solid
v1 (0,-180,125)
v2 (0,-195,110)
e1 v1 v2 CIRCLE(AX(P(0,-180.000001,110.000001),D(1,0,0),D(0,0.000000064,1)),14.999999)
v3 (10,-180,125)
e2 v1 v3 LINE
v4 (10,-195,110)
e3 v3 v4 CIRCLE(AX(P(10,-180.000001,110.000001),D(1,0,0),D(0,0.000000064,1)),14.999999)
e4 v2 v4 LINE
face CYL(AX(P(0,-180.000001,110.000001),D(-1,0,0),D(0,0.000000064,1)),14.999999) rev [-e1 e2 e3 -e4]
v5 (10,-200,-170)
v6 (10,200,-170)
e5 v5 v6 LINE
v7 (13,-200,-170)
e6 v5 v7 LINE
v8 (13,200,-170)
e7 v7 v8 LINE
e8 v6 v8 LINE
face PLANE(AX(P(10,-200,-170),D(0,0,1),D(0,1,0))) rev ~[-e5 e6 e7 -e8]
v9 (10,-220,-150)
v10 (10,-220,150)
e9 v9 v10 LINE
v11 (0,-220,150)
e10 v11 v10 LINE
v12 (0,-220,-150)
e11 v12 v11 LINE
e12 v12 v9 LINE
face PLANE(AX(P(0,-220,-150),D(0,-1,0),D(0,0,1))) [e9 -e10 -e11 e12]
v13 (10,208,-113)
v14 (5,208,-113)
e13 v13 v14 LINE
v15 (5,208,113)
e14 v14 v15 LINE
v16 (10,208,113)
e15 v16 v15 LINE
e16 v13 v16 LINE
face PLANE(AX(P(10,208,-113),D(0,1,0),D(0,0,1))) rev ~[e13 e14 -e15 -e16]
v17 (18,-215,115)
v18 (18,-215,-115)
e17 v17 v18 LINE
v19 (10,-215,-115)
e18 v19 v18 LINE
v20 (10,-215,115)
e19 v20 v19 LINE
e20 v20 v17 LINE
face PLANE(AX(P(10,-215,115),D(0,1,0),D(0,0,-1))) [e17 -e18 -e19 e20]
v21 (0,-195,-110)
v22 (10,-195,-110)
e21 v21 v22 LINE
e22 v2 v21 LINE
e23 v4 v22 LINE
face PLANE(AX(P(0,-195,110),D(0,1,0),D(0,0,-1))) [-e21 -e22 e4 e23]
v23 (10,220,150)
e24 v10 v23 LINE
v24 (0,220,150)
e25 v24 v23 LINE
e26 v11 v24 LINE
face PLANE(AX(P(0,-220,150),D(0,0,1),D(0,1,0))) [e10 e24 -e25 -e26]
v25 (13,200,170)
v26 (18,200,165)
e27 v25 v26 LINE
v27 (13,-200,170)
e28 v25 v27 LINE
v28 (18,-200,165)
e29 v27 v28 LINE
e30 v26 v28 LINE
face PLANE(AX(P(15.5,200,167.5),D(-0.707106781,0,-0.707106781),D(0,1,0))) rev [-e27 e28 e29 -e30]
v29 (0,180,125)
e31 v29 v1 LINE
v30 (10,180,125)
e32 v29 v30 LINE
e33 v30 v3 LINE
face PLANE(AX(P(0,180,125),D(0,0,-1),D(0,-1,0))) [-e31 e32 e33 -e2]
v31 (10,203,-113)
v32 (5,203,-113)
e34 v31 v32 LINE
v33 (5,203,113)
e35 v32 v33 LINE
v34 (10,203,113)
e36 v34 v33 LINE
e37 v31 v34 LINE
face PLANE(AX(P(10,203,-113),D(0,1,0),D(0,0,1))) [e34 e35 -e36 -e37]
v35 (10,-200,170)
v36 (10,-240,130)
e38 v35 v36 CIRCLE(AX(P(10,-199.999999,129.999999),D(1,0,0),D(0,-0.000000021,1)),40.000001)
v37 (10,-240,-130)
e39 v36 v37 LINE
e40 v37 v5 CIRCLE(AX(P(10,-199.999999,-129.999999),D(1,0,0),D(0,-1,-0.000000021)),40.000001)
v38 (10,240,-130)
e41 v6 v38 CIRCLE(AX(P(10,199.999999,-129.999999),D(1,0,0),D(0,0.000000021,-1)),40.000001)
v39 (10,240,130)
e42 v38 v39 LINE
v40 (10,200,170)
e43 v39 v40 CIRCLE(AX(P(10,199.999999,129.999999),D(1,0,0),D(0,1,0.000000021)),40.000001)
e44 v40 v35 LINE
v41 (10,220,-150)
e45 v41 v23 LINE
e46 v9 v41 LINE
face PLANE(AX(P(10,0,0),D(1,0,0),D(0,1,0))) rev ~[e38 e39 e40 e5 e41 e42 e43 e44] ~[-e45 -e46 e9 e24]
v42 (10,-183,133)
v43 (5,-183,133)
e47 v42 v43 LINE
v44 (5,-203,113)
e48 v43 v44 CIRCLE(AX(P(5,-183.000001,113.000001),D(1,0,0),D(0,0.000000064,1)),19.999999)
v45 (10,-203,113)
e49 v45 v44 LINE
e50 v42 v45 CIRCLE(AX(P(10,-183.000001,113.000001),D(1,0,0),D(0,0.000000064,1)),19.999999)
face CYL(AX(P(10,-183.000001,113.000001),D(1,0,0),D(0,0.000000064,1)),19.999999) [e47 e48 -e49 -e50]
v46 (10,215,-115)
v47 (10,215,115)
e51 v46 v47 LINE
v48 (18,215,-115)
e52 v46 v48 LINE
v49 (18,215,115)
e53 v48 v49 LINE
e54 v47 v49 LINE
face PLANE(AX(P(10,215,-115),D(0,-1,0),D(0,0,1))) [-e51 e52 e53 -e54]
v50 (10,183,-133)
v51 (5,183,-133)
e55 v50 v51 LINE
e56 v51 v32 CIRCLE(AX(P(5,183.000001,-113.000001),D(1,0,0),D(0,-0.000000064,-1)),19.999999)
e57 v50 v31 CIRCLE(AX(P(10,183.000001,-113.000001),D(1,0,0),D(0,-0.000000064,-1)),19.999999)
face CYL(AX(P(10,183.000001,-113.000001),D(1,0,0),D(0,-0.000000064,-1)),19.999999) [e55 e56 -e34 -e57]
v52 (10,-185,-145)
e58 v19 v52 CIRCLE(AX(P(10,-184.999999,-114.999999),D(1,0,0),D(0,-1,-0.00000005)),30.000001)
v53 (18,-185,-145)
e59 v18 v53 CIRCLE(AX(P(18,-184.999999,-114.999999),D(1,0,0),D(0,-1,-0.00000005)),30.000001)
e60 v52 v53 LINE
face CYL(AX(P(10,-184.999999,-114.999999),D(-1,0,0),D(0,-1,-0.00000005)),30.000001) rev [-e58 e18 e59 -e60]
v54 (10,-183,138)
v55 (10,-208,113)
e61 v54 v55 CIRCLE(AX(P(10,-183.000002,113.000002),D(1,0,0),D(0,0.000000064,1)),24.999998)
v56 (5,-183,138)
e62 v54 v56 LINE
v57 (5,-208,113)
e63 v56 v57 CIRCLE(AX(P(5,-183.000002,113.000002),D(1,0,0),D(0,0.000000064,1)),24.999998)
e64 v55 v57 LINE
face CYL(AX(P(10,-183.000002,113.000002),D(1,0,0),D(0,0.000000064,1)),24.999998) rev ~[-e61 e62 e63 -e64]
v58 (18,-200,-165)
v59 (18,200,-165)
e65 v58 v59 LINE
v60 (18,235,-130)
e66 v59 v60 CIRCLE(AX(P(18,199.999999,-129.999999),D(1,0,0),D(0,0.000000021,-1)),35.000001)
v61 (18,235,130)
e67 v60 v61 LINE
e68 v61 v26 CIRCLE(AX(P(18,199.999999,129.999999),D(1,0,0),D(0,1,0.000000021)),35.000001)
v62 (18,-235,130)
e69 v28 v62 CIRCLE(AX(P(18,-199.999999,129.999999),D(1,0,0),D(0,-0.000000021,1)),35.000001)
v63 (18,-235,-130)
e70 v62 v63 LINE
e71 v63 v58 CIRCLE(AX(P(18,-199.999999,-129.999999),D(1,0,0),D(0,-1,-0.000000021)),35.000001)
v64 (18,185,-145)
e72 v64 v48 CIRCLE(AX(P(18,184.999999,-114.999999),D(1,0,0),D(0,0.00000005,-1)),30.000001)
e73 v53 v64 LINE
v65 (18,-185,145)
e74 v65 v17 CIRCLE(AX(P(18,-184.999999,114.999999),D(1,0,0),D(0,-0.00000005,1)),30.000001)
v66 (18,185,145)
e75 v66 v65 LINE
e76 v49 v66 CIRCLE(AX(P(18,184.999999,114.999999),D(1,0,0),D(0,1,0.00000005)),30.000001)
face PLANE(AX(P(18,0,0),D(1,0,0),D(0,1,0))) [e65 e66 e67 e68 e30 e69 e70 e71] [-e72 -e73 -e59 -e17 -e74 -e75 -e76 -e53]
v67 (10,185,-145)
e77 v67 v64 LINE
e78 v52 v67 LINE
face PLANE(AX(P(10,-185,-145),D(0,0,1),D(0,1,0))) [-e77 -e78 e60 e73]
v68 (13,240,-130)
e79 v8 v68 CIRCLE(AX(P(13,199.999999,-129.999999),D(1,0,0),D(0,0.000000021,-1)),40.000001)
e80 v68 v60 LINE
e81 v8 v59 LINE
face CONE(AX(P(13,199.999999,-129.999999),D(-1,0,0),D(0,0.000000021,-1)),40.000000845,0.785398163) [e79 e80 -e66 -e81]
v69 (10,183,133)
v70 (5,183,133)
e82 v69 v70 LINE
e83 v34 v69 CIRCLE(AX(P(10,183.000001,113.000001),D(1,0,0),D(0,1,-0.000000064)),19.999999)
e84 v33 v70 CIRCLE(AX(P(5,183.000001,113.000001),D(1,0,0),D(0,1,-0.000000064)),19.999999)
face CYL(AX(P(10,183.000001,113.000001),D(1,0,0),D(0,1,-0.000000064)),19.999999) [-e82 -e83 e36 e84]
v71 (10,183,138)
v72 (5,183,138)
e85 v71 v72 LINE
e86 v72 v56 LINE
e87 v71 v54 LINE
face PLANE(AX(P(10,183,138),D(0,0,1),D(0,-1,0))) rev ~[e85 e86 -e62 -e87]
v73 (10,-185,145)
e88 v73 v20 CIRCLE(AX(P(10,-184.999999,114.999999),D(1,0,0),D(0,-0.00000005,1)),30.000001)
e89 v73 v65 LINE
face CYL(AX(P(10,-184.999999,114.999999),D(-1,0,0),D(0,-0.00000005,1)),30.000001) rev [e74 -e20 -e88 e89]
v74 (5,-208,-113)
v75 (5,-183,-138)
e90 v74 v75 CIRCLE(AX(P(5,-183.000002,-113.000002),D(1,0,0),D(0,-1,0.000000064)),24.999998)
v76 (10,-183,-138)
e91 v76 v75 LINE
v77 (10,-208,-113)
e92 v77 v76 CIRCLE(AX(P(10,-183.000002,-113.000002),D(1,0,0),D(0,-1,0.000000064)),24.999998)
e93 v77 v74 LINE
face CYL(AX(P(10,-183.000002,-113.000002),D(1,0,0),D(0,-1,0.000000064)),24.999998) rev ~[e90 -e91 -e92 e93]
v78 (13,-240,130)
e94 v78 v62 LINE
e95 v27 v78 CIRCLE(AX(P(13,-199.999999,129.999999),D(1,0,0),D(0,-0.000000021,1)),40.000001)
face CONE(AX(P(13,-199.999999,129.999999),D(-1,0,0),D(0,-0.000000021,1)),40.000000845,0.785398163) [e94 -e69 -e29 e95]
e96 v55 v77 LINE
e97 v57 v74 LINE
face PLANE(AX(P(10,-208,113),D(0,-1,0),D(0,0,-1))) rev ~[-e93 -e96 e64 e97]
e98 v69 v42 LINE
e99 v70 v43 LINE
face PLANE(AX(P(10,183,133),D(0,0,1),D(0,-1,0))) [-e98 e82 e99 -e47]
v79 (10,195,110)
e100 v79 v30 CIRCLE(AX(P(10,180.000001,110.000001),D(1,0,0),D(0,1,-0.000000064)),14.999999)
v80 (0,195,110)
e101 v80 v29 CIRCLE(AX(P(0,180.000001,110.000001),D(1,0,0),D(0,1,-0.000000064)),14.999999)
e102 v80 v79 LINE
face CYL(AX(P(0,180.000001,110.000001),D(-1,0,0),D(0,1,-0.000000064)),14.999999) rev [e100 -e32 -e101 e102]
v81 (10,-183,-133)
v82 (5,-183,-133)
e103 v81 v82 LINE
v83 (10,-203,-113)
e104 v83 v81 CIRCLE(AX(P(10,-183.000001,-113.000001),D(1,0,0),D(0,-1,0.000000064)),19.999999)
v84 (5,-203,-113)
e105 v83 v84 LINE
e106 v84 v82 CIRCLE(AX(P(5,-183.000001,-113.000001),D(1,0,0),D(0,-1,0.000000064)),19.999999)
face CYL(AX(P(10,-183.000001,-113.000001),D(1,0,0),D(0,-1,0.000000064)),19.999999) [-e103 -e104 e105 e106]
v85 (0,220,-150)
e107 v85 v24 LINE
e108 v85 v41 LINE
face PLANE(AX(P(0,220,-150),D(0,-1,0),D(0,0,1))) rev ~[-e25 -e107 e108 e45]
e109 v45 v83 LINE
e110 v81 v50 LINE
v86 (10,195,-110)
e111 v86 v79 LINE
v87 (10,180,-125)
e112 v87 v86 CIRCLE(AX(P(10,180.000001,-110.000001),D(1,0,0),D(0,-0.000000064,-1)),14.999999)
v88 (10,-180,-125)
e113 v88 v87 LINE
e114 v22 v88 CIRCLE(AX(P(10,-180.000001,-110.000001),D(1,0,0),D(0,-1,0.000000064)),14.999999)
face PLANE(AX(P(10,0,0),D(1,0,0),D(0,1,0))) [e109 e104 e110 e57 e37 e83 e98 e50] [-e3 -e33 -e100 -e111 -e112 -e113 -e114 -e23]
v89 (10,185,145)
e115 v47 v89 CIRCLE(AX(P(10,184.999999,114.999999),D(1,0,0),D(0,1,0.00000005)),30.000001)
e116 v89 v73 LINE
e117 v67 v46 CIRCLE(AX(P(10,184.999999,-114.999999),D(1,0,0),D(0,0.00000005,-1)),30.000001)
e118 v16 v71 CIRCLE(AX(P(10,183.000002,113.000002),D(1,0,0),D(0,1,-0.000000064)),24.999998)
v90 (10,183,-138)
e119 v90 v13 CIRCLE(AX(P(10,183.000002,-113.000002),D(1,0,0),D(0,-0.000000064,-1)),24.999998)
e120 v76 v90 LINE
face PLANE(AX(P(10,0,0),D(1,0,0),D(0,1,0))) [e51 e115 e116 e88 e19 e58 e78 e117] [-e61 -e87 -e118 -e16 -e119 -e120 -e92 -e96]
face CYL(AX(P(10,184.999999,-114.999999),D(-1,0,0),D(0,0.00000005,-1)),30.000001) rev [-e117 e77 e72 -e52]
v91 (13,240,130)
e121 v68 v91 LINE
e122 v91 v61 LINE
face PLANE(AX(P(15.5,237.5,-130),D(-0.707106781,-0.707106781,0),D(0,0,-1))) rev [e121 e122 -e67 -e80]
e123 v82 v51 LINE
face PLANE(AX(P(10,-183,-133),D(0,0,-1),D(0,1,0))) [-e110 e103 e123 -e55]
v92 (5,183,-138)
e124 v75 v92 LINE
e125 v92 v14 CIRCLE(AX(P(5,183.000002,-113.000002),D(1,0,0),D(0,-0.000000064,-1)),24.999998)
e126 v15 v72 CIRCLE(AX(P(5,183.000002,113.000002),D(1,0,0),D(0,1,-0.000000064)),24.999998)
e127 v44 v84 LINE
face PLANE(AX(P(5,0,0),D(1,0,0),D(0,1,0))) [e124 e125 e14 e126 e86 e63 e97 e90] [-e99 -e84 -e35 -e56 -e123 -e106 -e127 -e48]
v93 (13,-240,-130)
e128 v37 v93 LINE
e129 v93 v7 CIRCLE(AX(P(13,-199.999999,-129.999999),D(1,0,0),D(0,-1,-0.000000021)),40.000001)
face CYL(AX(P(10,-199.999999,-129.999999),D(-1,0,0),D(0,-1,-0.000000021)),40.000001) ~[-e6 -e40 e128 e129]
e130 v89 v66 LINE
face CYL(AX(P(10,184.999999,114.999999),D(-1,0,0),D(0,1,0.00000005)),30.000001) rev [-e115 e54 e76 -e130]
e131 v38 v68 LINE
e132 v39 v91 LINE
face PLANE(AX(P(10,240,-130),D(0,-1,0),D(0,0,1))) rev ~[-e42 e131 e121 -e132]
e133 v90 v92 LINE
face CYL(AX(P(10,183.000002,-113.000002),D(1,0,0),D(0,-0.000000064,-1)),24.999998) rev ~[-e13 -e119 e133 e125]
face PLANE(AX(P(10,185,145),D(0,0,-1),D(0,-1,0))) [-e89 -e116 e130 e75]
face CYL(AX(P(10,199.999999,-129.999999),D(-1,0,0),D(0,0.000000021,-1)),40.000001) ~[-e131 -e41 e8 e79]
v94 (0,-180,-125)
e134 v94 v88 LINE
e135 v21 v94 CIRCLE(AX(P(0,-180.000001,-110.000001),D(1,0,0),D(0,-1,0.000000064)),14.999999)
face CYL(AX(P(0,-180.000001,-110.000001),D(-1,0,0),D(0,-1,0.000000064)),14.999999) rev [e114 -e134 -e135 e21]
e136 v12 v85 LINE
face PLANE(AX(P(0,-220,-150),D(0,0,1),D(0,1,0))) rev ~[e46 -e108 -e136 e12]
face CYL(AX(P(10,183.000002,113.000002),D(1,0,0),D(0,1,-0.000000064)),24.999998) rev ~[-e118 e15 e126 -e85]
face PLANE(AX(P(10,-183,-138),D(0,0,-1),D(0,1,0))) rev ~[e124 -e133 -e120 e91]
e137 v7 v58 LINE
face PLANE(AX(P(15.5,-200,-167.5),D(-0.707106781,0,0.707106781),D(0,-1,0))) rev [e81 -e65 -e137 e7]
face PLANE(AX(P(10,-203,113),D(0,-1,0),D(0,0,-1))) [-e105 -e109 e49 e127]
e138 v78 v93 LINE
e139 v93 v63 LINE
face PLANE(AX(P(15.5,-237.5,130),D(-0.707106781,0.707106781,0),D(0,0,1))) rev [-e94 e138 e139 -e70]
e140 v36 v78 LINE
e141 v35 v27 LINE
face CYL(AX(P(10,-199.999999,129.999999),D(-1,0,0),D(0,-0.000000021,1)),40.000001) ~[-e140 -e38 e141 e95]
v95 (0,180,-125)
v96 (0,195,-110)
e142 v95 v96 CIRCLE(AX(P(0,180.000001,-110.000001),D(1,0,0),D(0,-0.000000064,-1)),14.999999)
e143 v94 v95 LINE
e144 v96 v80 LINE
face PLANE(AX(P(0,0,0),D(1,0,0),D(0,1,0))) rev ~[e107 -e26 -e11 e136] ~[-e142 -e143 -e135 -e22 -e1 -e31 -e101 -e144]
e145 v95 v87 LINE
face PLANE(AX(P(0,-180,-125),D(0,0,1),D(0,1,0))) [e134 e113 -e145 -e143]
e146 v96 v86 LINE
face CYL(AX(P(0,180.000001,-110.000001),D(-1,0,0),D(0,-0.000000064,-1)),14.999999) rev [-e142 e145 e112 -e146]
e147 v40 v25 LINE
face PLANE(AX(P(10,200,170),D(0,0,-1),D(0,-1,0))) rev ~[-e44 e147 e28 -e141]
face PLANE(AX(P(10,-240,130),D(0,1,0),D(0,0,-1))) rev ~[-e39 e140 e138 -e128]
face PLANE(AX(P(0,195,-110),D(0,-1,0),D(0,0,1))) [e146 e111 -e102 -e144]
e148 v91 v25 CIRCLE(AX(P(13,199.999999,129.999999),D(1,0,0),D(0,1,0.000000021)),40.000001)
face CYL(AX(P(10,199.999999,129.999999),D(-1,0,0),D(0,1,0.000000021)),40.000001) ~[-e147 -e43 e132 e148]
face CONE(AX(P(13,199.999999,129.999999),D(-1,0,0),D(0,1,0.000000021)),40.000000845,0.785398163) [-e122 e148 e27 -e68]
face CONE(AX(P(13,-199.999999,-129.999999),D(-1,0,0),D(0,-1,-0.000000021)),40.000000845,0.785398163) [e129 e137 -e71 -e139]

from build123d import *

# Parameters (mm, degrees)
SKETCH_W     = 440
SKETCH_H     = 300
PAD_DEPTH    = 10
PAD001_DEPTH = 8
POCKET_DEPTH = 5
CHAMFER_SIZE = 5


with BuildPart() as part:
    # Sketch → Pad (new body)
    with BuildSketch(Plane.YZ):
        Rectangle(SKETCH_W, SKETCH_H)
        with BuildLine():
            Line((-195, 110), (-195, -110))
            ThreePointArc((-195, -110), (-190.606602, -120.606602), (-180, -125))
            Line((-180, -125), (180, -125))
            ThreePointArc((180, -125), (190.606602, -120.606602), (195, -110))
            Line((195, -110), (195, 110))
            ThreePointArc((195, 110), (190.606602, 120.606602), (180, 125))
            Line((180, 125), (-180, 125))
            ThreePointArc((-180, 125), (-190.606602, 120.606602), (-195, 110))
        make_face(mode=Mode.SUBTRACT)
    extrude(amount=PAD_DEPTH)

    # Sketch001 (on Face14 of Pad) → Pad001 (join)
    with BuildSketch(Plane.YZ.offset(10)):
        with BuildLine():
            Line((-240, 130), (-240, -130))
            ThreePointArc((-240, -130), (-228.284271, -158.284271), (-200, -170))
            Line((-200, -170), (200, -170))
            ThreePointArc((200, -170), (228.284271, -158.284271), (240, -130))
            Line((240, -130), (240, 130))
            ThreePointArc((240, 130), (228.284271, 158.284271), (200, 170))
            Line((200, 170), (-200, 170))
            ThreePointArc((-200, 170), (-228.284271, 158.284271), (-240, 130))
        make_face()
        with BuildLine():
            Line((-215, 115), (-215, -115))
            ThreePointArc((-215, -115), (-206.213203, -136.213203), (-185, -145))
            Line((-185, -145), (185, -145))
            ThreePointArc((185, -145), (206.213203, -136.213203), (215, -115))
            Line((215, -115), (215, 115))
            ThreePointArc((215, 115), (206.213203, 136.213203), (185, 145))
            Line((185, 145), (-185, 145))
            ThreePointArc((-185, 145), (-206.213203, 136.213203), (-215, 115))
        make_face(mode=Mode.SUBTRACT)
    extrude(amount=PAD001_DEPTH)

    # Sketch002 (on Face23 of Pad001) → Pocket (cut)
    with BuildSketch(Plane.YZ.offset(10)):
        with BuildLine():
            Line((-208, 113), (-208, -113))
            ThreePointArc((-208, -113), (-200.67767, -130.67767), (-183, -138))
            Line((-183, -138), (183, -138))
            ThreePointArc((183, -138), (200.67767, -130.67767), (208, -113))
            Line((208, -113), (208, 113))
            ThreePointArc((208, 113), (200.67767, 130.67767), (183, 138))
            Line((183, 138), (-183, 138))
            ThreePointArc((-183, 138), (-200.67767, 130.67767), (-208, 113))
        make_face()
        with BuildLine():
            Line((-203, 113), (-203, -113))
            ThreePointArc((-203, -113), (-197.142136, -127.142136), (-183, -133))
            Line((-183, -133), (183, -133))
            ThreePointArc((183, -133), (197.142136, -127.142136), (203, -113))
            Line((203, -113), (203, 113))
            ThreePointArc((203, 113), (197.142136, 127.142136), (183, 133))
            Line((183, 133), (-183, 133))
            ThreePointArc((-183, 133), (-197.142136, 127.142136), (-203, 113))
        make_face(mode=Mode.SUBTRACT)
    extrude(amount=-POCKET_DEPTH, mode=Mode.SUBTRACT)

    # Chamfer
    chamfer_edges = [part.edges().sort_by_distance(p)[0] for p in [
        (18, -240, 0),
        (18, -228.284271, 158.284271),
        (18, 0, 170),
        (18, -228.284271, -158.284271),
        (18, 0, -170),
        (18, 240, 0),
        (18, 228.284271, -158.284271),
        (18, 228.284271, 158.284271),
    ]]
    chamfer(chamfer_edges, length=CHAMFER_SIZE)


solid = part.part
